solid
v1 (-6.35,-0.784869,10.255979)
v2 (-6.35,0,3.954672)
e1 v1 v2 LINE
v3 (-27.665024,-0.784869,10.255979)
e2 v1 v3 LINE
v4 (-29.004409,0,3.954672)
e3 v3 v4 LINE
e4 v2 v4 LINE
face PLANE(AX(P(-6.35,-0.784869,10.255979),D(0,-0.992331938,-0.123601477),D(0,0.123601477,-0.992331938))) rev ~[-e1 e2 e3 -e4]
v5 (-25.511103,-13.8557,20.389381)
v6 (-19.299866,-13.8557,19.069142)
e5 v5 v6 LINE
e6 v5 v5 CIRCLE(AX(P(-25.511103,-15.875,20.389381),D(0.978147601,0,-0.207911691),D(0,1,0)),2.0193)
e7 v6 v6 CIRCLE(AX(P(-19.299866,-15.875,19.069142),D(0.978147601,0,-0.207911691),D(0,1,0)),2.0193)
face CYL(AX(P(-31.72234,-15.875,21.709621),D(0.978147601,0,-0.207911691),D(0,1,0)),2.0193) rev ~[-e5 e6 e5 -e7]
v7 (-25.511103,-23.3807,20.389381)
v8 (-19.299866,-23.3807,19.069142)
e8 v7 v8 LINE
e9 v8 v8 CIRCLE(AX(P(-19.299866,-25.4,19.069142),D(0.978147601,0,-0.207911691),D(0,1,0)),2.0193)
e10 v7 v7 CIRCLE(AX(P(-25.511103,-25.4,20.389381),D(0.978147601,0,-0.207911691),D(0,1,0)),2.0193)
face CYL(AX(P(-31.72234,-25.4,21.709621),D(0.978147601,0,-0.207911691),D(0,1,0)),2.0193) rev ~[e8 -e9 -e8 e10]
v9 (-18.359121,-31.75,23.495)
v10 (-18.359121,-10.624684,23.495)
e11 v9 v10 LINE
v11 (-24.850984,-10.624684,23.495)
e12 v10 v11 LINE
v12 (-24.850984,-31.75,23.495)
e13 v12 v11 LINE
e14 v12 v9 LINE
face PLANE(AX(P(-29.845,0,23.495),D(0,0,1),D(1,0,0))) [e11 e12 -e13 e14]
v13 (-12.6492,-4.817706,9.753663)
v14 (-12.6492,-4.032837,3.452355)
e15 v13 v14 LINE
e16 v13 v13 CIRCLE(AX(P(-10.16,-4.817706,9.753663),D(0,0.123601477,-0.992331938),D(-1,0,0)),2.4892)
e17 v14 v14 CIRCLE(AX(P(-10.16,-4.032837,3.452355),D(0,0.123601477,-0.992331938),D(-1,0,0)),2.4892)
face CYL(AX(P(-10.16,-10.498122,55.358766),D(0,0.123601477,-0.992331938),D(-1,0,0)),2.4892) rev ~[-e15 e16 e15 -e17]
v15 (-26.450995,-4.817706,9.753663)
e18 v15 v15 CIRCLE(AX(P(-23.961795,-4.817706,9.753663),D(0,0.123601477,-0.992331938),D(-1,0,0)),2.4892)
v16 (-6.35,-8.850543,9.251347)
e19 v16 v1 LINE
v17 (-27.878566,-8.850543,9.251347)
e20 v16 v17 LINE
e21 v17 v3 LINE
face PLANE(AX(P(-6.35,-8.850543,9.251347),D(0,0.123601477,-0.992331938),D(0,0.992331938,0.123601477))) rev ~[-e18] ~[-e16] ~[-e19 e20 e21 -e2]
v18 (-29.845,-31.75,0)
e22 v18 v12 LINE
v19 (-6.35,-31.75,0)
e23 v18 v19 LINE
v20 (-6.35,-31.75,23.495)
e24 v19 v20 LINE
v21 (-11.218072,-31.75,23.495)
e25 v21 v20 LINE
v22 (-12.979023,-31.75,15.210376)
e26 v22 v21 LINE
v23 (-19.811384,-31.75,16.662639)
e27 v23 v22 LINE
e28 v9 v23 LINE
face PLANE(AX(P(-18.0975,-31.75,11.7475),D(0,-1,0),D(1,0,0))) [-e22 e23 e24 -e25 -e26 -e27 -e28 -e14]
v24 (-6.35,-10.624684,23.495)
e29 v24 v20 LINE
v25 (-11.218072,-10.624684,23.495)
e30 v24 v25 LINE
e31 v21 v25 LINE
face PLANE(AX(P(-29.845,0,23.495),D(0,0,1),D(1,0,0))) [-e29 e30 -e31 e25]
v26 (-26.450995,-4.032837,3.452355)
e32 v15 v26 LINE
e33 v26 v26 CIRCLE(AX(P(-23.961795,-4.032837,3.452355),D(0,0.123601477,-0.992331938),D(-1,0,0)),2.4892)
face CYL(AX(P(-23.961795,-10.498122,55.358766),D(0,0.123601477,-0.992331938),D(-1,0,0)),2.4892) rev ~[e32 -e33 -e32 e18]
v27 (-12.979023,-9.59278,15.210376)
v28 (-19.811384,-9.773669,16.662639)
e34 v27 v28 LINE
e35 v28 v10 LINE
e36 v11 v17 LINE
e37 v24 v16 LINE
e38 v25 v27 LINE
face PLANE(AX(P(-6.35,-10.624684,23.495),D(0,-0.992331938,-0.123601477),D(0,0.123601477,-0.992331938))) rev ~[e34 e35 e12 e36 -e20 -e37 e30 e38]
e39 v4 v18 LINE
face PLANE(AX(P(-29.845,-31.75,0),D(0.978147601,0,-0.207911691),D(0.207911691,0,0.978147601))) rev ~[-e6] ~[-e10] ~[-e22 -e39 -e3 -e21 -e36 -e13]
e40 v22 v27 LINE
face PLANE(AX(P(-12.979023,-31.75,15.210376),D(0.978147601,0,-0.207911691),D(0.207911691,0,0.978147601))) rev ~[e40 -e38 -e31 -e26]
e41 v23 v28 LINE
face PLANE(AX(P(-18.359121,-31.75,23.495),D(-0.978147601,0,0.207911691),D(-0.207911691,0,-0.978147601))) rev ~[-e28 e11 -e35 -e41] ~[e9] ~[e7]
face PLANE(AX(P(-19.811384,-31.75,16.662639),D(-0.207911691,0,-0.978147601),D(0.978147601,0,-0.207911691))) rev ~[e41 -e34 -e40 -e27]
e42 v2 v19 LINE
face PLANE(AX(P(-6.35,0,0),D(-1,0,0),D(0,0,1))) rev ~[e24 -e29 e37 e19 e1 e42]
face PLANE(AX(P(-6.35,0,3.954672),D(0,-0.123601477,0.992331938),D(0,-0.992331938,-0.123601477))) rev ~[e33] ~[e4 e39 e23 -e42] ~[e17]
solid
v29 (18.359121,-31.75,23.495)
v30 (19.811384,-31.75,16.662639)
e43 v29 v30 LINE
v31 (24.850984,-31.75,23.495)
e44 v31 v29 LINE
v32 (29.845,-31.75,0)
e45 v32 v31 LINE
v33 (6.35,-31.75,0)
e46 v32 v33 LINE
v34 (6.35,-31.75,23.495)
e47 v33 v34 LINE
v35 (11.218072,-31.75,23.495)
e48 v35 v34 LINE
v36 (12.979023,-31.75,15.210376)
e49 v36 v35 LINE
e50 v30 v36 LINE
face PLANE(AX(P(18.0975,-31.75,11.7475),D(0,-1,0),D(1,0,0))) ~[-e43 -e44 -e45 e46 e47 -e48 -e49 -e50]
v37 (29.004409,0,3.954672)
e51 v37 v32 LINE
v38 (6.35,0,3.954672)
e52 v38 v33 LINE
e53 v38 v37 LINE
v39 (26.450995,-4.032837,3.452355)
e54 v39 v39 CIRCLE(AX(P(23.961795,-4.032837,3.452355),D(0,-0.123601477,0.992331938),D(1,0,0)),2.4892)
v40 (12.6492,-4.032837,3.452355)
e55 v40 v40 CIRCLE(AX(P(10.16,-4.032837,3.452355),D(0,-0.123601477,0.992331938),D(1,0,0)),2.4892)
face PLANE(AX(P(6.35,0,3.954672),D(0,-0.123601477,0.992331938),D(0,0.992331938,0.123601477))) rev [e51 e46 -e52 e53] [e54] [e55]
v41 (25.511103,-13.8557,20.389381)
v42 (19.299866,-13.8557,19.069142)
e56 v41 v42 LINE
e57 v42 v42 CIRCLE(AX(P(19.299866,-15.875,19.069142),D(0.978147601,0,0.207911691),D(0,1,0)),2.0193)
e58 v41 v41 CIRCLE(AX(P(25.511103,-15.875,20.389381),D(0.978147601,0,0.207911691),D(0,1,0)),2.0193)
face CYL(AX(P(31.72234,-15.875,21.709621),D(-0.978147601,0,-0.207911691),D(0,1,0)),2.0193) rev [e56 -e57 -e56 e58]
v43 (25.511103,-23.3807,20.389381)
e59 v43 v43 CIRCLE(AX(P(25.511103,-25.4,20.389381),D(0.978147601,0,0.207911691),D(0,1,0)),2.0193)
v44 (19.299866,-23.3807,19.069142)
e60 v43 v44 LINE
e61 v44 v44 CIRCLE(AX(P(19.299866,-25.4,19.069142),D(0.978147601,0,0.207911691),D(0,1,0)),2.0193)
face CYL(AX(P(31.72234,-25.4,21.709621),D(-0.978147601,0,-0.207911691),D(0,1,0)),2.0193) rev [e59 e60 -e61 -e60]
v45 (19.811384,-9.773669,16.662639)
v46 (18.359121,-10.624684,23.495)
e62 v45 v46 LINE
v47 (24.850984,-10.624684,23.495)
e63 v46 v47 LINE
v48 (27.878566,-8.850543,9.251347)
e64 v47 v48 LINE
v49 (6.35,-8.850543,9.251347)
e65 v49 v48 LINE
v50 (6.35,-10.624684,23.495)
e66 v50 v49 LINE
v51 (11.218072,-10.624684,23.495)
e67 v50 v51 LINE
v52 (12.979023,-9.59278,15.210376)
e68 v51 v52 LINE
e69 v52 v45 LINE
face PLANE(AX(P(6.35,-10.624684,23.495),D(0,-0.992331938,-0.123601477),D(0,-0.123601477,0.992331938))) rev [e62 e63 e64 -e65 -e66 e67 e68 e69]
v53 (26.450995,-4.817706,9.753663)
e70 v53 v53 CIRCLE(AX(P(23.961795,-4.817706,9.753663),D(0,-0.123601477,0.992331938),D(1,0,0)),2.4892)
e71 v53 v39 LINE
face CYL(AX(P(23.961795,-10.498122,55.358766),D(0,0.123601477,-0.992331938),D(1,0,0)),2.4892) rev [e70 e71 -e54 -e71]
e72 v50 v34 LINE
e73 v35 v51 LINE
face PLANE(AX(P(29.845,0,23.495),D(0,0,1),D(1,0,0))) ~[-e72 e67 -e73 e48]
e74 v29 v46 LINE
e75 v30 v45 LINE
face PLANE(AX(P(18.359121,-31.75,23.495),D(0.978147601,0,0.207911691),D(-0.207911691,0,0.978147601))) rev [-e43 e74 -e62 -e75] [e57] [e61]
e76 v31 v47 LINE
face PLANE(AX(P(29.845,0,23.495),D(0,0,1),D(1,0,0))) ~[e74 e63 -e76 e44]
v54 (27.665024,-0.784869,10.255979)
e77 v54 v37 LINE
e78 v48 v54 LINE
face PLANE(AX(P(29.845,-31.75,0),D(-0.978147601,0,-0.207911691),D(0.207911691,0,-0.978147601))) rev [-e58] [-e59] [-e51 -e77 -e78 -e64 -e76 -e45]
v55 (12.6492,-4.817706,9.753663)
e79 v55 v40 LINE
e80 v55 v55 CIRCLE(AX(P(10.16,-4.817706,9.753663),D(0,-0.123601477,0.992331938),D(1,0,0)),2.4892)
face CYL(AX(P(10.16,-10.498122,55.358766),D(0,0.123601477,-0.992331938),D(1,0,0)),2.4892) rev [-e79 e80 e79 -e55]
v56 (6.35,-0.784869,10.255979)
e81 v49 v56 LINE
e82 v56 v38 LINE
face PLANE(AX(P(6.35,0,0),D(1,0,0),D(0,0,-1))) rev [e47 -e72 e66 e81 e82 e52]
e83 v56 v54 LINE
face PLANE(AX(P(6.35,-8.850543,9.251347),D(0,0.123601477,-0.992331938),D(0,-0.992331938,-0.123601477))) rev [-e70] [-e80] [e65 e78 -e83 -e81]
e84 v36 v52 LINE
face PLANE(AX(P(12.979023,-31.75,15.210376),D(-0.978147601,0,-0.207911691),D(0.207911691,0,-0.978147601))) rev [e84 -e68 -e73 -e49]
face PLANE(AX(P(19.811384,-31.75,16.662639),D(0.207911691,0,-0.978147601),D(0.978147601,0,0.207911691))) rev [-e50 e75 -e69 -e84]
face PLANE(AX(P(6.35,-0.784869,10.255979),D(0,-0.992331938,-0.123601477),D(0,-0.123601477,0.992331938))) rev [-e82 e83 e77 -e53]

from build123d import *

# Parameters (mm, degrees)
F0_W     = 23.495
F0_H     = 23.495
F1_DEPTH = 31.75
F3_DEPTH = 31.751
F5_DEPTH = 31.751
F7_D     = 4.0386
F7_DEPTH = 6.35
F7_TIP   = 1.213317848
F9_DEPTH = 23.496
F11_D    = 4.9784


with BuildPart() as f1:
    # F0 (on Front) → F1 (new body)
    with BuildSketch(Plane.XZ):
        with Locations((-18.0975, 11.7475)):
            Rectangle(F0_W, F0_H)
    extrude(amount=F1_DEPTH)

    # F2 (on face) → F3 (cut, through all)
    with BuildSketch(Plane.XZ.offset(31.75)):
        Polygon((-29.845, 23.495), (-29.845, 0), (-24.8509835836, 23.495), align=None)
    extrude(amount=-F3_DEPTH, mode=Mode.SUBTRACT)

    # F4 (on face) → F5 (cut, through all)
    with BuildSketch(Plane.XZ.offset(31.75)):
        Polygon((-11.218071751, 23.495), (-18.3591208062, 23.495), (-19.8113839665, 16.6626390089), (-12.9790229754, 15.2103758485), align=None)
    extrude(amount=-F5_DEPTH, mode=Mode.SUBTRACT)

    # F7
    with Locations(Plane(origin=(-28.5548820917, 0, 6.0695275563), x_dir=(0, -1, 0), z_dir=(-0.9781476007, 0, 0.2079116908))):
        with Locations((25.4, 14.6397678639), (15.875, 14.6397678639)):
            Hole(F7_D / 2, depth=F7_DEPTH)
            with Locations((0, 0, -(F7_DEPTH + F7_TIP / 2))):  # 118° drill point
                Cone(0, F7_D / 2, F7_TIP, mode=Mode.SUBTRACT)

    # F8 (on face) → F9 (cut, through all)
    with BuildSketch(Plane.YZ.offset(-6.35)):
        Polygon((-0.7848693773, 10.2559793592), (0, 3.9546715536), (0, 10.353740008), align=None)
        Polygon((0, 3.9546715536), (-31.75, 0), (0, 0), align=None)
        Polygon((-0.7848693773, 10.2559793592), (0, 10.353740008), (0, 23.495), (-10.6246841903, 23.495), (-8.8505433684, 9.2513465563), align=None)
    extrude(amount=-F9_DEPTH, mode=Mode.SUBTRACT)

    # F11 (through all)
    with Locations(Plane(origin=(0, -1.2699244477, 10.1955625564), x_dir=(1, 0, 0), z_dir=(0, -0.1236014767, 0.9923319379))):
        with Locations((-23.961794938, -3.5751967559), (-10.16, -3.5751967559)):
            Hole(F11_D / 2)


with BuildPart() as f12_1:
    # F12: instance of F1
    add(f1.part.mirror(Plane.YZ))


solid = Compound([f1.part, f12_1.part])
